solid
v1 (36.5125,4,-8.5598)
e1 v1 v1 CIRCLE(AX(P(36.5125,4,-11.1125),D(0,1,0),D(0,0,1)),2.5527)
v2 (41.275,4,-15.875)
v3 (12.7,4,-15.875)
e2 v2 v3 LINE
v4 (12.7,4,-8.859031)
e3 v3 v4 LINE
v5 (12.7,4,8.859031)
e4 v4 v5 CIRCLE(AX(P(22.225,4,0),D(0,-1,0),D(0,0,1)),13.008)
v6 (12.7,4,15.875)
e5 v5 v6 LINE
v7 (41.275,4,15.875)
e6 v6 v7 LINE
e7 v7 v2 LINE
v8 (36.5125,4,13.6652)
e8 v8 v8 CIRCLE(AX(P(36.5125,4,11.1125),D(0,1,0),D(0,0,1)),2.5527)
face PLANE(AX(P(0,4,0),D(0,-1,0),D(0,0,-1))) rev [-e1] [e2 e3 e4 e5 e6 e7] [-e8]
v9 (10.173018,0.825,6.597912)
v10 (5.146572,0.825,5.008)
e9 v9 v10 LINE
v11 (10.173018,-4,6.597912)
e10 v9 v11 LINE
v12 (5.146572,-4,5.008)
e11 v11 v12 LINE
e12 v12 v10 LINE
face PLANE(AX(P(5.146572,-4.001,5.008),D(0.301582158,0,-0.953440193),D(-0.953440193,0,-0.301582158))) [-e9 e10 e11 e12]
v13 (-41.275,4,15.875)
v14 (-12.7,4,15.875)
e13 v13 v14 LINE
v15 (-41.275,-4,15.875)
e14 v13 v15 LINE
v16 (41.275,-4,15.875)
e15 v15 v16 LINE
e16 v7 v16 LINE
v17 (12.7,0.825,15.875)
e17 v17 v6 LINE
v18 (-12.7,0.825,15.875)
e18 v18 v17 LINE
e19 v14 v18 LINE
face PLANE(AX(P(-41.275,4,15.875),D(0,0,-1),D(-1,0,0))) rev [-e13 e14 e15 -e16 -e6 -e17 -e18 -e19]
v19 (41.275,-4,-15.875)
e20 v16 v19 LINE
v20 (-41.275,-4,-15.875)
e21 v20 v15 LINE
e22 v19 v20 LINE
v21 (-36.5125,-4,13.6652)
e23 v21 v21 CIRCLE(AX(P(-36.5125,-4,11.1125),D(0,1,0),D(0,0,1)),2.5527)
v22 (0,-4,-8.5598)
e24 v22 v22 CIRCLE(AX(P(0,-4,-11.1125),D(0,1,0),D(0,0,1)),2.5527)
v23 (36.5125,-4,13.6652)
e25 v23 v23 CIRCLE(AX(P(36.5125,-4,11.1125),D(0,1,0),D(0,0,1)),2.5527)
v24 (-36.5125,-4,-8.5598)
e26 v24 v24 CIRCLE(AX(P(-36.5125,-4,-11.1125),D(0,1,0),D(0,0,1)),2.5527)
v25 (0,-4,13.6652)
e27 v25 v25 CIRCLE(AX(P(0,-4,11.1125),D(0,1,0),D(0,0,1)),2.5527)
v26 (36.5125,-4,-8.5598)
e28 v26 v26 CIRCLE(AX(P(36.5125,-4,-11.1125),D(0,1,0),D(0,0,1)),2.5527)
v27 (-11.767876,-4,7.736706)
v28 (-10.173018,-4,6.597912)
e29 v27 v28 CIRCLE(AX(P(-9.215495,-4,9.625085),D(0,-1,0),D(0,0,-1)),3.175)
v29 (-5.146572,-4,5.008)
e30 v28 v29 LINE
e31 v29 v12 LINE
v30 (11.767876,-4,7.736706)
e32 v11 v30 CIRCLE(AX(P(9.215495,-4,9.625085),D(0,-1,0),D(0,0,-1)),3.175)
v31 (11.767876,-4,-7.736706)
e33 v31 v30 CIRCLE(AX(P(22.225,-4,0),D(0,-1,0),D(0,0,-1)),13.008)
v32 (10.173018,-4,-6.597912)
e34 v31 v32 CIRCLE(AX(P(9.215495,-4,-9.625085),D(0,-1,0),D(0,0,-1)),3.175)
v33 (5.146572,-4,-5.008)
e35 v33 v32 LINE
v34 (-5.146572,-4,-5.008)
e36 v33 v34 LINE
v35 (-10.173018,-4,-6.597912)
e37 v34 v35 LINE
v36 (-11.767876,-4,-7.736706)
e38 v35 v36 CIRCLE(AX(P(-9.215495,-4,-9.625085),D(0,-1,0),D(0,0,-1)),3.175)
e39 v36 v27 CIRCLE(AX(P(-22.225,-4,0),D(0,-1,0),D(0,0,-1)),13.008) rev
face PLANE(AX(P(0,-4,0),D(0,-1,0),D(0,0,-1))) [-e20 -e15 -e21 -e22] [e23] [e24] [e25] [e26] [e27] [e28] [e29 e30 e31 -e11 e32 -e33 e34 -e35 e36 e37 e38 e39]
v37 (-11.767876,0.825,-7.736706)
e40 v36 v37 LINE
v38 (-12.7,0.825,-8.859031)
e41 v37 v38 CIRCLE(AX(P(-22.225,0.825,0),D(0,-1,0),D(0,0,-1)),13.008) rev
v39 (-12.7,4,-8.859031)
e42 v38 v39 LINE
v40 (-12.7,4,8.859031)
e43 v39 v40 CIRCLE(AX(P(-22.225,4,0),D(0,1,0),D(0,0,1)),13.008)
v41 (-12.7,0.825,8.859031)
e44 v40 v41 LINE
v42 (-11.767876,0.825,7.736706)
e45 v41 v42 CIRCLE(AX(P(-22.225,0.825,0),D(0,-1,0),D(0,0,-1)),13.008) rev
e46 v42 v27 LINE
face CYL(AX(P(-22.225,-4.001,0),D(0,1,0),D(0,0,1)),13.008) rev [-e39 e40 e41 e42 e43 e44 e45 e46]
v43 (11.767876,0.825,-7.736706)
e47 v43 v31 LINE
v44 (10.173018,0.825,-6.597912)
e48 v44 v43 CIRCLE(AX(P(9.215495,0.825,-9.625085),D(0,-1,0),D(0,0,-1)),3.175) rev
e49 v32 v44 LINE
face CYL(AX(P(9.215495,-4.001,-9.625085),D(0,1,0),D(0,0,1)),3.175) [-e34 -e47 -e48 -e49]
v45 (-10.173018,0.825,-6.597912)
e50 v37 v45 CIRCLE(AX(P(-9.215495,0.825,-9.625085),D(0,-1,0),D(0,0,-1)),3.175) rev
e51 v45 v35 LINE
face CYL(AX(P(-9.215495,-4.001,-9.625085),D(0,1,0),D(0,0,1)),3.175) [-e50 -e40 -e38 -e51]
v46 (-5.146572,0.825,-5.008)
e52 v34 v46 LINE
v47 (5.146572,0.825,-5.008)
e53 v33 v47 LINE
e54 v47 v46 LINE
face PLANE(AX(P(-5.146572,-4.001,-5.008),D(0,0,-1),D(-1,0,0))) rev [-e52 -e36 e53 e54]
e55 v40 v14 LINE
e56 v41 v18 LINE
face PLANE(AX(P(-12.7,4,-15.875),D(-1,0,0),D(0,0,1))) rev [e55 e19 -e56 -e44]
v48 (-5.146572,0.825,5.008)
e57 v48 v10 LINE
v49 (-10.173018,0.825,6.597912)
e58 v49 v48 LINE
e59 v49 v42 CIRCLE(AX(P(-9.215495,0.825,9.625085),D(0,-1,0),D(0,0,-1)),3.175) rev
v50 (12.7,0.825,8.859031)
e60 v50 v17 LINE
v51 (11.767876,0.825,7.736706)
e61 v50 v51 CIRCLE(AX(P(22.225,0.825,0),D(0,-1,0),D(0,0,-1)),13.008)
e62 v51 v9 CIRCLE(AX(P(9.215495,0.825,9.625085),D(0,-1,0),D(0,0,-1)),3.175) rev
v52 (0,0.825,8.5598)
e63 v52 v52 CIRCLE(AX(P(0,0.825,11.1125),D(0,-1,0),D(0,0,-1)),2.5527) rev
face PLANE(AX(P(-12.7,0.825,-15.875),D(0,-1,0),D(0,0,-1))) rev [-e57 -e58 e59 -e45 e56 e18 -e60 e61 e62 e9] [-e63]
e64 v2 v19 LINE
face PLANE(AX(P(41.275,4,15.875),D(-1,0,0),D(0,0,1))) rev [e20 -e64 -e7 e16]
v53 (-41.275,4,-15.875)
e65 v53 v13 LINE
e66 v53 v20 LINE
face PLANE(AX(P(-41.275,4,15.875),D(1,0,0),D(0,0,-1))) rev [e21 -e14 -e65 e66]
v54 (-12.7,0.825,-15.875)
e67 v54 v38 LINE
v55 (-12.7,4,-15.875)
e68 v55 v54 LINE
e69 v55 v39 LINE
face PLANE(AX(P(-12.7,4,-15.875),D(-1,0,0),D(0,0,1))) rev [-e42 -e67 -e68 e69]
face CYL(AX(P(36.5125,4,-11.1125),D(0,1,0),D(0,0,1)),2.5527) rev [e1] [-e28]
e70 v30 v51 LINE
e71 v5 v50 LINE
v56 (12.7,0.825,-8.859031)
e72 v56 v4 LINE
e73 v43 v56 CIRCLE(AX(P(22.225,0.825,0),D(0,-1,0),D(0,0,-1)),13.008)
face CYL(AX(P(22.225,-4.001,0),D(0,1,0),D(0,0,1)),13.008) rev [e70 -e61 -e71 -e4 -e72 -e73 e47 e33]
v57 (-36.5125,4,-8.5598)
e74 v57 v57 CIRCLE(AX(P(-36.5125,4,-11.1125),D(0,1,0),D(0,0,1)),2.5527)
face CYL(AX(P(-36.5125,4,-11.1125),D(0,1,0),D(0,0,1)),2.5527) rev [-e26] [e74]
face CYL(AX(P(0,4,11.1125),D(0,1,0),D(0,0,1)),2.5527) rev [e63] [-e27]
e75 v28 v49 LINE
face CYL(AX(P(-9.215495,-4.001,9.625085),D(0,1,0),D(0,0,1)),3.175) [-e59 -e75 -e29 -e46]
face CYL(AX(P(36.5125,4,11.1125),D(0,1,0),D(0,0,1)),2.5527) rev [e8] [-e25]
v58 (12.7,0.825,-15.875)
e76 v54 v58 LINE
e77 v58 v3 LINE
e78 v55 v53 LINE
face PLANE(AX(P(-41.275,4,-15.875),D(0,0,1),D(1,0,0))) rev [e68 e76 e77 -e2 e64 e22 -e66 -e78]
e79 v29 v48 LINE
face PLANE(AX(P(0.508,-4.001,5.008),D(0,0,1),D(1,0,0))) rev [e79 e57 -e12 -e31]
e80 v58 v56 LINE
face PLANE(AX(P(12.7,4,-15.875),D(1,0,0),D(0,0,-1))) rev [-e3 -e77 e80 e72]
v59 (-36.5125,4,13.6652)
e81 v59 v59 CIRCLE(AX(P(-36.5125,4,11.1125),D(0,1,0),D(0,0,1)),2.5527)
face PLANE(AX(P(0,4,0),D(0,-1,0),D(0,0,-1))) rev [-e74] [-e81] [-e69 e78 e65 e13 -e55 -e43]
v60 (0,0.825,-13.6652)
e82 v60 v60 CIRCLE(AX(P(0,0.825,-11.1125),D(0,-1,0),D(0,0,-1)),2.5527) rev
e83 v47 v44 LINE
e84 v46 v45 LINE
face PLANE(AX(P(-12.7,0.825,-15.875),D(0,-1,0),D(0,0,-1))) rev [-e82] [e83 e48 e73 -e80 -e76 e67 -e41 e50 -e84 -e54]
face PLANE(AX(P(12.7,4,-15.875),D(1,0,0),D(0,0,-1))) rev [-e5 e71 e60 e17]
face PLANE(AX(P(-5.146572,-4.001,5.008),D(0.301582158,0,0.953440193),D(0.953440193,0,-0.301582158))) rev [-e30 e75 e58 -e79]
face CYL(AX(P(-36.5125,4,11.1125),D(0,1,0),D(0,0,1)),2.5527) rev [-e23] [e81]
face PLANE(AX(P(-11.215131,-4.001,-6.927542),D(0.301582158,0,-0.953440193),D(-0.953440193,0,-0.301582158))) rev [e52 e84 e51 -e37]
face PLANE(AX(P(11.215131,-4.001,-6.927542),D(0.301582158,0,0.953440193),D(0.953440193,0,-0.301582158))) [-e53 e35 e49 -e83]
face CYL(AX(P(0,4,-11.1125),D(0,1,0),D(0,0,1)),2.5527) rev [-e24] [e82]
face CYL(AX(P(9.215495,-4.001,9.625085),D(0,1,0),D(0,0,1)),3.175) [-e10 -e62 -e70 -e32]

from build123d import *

# Parameters (mm, degrees)
SKETCH1_W              = 82.55
SKETCH1_H              = 31.75
PLATE_DEPTH            = 4
F_10_CLEARANCE_HOLE1_D = 5.1054
LOAD_CELL_CUTOUT_REACH = 46.94
FILLET1_R              = 3.175
SKETCH8_W              = 25.4
SKETCH8_H              = 3.175
CABLE_CUTOUT_DEPTH     = 53.227273766


with BuildPart() as part:
    # Sketch1 → Plate (new, symmetric)
    with BuildSketch(Plane(origin=(0, 0, 0), x_dir=(1, 0, 0), z_dir=(0, 1, 0))):
        Rectangle(SKETCH1_W, SKETCH1_H)
    extrude(amount=PLATE_DEPTH, both=True)

    # #10 Clearance Hole1 (through all)
    with Locations(Plane(origin=(0, 4, 0), x_dir=(1, 0, 0), z_dir=(0, 1, 0))):
        with Locations((-36.5125, 11.1125), (36.5125, 11.1125), (36.5125, -11.1125), (-36.5125, -11.1125), (0, -11.1125), (0, 11.1125)):
            Hole(F_10_CLEARANCE_HOLE1_D / 2)

    # Sketch4 → Load Cell Cutout (cut, up to next)
    with BuildSketch(Plane(origin=(0, 4, 0), x_dir=(1, 0, 0), z_dir=(0, 1, 0)), mode=Mode.PRIVATE) as load_cell_cutout_sk1:
        with BuildLine():
            Line((-11.215130837, 6.927542495), (-5.146572344, 5.008))
            Line((-5.146572344, 5.008), (0.508, 5.008))
            Line((0.508, 5.008), (0.508, -5.008))
            Line((0.508, -5.008), (-5.146572344, -5.008))
            Line((-5.146572344, -5.008), (-11.215130837, -6.927542495))
            ThreePointArc((-11.215130837, -6.927542495), (-35.233, 0), (-11.215130837, 6.927542495))
        make_face()
    load_cell_cutout_tool1 = extrude(load_cell_cutout_sk1.sketch, amount=-LOAD_CELL_CUTOUT_REACH, mode=Mode.PRIVATE) & part.part
    load_cell_cutout = load_cell_cutout_tool1.solids().sort_by_distance((-19.247543, 4, 0))[0]
    add(load_cell_cutout, mode=Mode.SUBTRACT)

    # Cutout Mirror: Load Cell Cutout across plane
    add(load_cell_cutout.mirror(Plane(origin=(0, 0, 0), x_dir=(0, 0, 1), z_dir=(1, 0, 0))), mode=Mode.SUBTRACT)

    # Fillet1
    fillet1_edges = [part.edges().sort_by_distance(p)[0] for p in [
        (-11.215130837, 0, 6.927542495),
        (-11.215130837, 0, -6.927542495),
        (11.215130837, 0, -6.927542495),
        (11.215130837, 0, 6.927542495),
    ]]
    fillet(fillet1_edges, radius=FILLET1_R)

    # Sketch8 → Cable Cutout (cut, through all)
    with BuildSketch(Plane.XY.offset(15.875)):
        with Locations((0, 2.4125)):
            Rectangle(SKETCH8_W, SKETCH8_H)
    extrude(amount=-CABLE_CUTOUT_DEPTH, mode=Mode.SUBTRACT)


solid = part.part
